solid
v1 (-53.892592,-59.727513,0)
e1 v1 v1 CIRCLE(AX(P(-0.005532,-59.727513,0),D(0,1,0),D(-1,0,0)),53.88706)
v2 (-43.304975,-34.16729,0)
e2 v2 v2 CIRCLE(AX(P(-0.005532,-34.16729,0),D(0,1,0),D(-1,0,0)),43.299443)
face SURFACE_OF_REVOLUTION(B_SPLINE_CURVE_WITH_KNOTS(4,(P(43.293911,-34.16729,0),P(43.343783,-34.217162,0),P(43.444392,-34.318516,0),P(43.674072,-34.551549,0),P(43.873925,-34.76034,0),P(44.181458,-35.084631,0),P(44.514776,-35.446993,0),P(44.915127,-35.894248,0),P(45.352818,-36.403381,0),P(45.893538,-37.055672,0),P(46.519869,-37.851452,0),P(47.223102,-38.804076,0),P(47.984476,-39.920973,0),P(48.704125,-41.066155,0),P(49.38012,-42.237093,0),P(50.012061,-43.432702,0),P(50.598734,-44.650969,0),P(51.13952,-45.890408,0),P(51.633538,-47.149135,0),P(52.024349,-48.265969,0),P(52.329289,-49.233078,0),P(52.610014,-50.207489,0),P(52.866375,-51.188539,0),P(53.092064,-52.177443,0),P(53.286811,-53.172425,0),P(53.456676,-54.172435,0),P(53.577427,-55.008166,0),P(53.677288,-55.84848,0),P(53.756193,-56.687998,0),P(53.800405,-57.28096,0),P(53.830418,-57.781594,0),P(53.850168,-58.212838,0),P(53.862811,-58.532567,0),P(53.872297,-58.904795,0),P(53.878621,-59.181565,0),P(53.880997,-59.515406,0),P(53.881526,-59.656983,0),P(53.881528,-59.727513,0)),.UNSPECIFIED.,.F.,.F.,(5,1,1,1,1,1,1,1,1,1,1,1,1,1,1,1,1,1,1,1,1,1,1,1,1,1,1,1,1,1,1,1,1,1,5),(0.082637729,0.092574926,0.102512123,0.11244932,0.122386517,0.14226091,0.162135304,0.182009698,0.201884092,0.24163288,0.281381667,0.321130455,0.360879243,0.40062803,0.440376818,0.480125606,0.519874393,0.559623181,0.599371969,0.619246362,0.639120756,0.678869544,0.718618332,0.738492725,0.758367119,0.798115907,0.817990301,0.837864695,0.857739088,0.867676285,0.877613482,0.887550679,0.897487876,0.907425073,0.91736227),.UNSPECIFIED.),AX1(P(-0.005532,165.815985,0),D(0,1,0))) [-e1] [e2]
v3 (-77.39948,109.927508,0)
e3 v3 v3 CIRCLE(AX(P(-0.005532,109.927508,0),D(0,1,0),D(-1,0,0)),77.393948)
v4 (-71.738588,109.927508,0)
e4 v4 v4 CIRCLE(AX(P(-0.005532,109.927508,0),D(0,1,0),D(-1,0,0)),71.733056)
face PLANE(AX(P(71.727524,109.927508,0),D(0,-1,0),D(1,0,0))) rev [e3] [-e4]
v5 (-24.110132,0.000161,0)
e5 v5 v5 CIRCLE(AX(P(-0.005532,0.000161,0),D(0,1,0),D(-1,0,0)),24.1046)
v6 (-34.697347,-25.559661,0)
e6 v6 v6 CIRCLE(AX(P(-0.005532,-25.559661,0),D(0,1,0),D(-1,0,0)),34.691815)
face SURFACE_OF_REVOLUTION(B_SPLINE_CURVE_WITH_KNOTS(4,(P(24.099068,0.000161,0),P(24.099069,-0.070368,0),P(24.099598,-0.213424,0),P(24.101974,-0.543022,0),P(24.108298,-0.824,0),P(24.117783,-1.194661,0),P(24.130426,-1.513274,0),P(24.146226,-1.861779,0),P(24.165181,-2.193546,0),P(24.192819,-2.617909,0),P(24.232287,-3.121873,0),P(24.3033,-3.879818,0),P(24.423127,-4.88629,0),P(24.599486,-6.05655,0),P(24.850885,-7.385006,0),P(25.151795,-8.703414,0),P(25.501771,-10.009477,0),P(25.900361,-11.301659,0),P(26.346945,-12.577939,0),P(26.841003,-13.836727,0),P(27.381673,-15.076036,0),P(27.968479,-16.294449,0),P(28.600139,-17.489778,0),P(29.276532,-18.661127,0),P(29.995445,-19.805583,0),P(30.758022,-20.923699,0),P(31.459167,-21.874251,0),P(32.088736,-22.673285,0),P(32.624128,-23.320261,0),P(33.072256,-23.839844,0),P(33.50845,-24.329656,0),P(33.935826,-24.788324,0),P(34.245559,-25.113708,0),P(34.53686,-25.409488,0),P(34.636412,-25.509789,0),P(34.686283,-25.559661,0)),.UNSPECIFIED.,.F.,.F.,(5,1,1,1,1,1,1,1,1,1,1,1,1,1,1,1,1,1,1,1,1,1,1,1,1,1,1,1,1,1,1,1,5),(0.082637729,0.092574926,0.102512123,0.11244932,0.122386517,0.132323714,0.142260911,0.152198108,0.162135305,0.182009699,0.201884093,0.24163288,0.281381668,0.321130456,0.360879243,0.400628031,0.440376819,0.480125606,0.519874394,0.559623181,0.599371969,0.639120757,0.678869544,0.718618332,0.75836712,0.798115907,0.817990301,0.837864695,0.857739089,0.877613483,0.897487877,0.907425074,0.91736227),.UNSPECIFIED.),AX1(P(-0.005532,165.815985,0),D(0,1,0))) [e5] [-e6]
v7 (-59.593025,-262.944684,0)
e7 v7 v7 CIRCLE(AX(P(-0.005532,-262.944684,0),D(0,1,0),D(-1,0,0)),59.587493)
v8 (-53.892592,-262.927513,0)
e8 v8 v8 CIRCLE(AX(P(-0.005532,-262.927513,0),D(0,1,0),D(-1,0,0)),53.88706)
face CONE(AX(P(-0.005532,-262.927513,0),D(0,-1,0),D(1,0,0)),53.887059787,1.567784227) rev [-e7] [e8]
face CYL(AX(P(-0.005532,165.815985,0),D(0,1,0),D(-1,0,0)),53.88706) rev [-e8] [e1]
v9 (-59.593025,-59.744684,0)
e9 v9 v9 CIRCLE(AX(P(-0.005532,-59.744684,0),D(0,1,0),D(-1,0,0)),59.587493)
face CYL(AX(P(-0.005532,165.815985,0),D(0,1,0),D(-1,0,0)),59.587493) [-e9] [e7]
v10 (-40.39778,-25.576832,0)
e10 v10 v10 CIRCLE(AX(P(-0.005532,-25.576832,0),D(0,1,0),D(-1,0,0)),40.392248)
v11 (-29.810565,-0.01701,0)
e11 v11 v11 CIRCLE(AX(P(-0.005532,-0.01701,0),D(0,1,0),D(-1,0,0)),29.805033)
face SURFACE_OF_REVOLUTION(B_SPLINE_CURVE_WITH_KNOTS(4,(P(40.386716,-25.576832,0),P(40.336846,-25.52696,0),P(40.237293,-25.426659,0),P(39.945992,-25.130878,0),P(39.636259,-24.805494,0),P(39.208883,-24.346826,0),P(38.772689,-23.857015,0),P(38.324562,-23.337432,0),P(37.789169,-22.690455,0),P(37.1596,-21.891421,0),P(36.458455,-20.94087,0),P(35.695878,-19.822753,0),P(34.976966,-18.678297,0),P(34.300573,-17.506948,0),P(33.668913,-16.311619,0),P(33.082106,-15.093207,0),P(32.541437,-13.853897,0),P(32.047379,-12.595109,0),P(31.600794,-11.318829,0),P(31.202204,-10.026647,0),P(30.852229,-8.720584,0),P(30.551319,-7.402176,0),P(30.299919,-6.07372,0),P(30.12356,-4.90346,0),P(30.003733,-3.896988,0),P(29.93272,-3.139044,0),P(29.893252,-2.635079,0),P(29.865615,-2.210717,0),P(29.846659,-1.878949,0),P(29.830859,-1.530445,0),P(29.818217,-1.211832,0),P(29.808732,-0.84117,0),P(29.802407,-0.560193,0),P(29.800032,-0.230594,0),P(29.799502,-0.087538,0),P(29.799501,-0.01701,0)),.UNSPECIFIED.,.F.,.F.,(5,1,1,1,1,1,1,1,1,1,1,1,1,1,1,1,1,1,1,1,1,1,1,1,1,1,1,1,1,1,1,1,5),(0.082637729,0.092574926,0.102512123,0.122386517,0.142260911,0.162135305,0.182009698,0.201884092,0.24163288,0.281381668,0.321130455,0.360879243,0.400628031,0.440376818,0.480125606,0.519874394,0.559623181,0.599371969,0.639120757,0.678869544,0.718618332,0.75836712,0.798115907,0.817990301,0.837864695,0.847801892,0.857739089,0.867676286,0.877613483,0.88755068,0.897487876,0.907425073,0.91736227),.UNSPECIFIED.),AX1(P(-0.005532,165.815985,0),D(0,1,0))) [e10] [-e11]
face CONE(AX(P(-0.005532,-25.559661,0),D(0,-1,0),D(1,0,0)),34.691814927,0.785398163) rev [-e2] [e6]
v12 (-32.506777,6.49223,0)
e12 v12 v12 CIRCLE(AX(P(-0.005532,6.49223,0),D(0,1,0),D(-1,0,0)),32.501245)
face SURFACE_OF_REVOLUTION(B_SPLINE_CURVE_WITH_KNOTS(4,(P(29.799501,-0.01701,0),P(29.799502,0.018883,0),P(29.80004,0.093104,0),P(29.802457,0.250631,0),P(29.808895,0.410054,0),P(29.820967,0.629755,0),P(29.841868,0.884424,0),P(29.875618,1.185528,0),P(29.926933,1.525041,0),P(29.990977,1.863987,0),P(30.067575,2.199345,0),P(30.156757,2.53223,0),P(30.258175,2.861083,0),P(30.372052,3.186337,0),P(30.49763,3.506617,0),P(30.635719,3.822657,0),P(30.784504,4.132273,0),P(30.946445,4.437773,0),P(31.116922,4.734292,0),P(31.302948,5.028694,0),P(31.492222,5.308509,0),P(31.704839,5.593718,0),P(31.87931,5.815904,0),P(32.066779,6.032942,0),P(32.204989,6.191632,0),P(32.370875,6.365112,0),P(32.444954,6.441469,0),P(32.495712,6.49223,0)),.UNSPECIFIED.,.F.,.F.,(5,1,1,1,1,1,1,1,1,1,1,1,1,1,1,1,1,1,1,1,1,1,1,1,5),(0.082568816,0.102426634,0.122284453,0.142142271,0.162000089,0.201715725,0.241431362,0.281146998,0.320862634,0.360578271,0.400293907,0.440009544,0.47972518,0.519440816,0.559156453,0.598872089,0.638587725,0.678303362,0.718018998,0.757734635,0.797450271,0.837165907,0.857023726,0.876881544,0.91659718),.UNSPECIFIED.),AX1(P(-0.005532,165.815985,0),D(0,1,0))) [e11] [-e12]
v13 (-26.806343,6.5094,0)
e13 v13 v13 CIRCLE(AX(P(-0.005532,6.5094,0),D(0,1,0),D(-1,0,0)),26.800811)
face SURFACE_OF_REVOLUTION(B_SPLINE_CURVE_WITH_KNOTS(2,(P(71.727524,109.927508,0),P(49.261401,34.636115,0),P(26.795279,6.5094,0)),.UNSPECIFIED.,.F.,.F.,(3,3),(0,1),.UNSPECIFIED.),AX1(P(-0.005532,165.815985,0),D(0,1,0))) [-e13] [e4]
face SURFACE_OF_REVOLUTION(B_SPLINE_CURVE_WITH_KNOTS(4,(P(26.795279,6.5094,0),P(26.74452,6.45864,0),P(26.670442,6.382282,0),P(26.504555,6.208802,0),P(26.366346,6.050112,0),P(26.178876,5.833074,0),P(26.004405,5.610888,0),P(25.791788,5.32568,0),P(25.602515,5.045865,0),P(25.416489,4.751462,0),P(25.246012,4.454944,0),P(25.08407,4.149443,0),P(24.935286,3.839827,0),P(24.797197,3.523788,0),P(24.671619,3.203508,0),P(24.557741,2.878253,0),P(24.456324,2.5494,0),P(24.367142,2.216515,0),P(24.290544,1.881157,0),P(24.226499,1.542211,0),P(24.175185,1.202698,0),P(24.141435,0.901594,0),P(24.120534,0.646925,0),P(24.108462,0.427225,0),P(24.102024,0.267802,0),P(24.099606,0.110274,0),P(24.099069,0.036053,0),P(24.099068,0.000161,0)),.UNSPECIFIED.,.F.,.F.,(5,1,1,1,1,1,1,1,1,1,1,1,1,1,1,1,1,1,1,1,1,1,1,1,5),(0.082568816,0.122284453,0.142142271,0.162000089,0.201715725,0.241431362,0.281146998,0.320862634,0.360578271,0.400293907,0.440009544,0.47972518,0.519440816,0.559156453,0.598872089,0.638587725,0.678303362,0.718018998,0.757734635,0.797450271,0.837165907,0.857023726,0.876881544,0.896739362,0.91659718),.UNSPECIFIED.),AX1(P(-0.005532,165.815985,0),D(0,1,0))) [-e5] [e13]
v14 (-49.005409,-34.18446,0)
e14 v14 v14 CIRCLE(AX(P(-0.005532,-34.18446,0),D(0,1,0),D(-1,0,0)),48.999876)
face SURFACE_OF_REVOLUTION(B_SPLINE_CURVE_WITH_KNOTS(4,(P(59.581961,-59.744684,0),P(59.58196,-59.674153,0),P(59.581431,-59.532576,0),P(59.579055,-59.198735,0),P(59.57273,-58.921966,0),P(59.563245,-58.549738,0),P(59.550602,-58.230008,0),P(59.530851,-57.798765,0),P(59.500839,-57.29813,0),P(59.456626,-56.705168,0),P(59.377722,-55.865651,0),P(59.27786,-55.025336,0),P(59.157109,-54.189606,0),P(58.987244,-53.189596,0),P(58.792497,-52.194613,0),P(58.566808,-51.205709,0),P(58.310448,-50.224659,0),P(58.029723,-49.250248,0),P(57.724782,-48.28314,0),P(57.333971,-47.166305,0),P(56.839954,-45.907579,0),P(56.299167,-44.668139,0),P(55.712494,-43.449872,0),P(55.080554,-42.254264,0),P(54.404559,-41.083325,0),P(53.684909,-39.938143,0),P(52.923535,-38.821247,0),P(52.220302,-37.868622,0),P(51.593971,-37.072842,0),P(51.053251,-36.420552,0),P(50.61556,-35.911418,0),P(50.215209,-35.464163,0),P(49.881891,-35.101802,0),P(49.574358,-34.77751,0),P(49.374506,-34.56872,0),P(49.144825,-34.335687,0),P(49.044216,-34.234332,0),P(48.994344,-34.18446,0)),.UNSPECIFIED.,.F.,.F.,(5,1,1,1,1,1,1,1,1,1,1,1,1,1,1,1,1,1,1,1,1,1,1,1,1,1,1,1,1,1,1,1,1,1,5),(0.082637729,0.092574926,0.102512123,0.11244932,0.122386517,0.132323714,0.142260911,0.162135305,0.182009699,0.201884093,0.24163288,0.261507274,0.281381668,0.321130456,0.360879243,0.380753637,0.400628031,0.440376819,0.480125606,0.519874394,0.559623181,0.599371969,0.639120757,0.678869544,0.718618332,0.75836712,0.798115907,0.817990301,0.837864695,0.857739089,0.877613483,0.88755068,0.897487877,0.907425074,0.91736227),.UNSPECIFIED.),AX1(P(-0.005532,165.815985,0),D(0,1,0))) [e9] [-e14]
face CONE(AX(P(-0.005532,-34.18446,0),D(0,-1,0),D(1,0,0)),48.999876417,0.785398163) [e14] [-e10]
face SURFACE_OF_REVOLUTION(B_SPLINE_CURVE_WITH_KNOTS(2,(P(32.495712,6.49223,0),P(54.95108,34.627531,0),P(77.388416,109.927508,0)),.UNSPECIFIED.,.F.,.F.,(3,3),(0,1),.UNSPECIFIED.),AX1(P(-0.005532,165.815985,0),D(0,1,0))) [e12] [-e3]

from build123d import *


with BuildPart() as part:
    # Sketch1 → Revolve2 (revolve)
    with BuildSketch(Plane.XY, mode=Mode.PRIVATE) as revolve2_sk:
        with BuildLine():
            Line((71.727523603, 109.92750764), (77.388416165, 109.92750764))
            add(Edge.make_bspline(
                [(32.495712479, 6.492229985), (54.951080007, 34.627531396), (77.388416165, 109.92750764)],
                knots=[0, 0, 0, 1, 1, 1], degree=2))
            add(Edge.make_bspline(
                [(29.79950115, -0.017009666), (29.799501776, 0.018882986), (29.800039607, 0.093104024), (29.802456999, 0.250631404), (29.808894844, 0.410054451), (29.820966875, 0.629754601), (29.841868363, 0.884423662), (29.875617995, 1.185527607), (29.926932581, 1.525040832), (29.990976977, 1.863987111), (30.067574877, 2.199344754), (30.156756847, 2.532229755), (30.258174689, 2.861082979), (30.372052346, 3.186337375), (30.497630047, 3.506617491), (30.635719253, 3.822657067), (30.784503576, 4.132272519), (30.946445498, 4.437773457), (31.11692178, 4.73429191), (31.302947997, 5.028694196), (31.492221546, 5.30850927), (31.70483875, 5.593717877), (31.87930965, 5.815903982), (32.066779032, 6.032941971), (32.204988524, 6.19163198), (32.370875346, 6.365112113), (32.444953537, 6.441469176), (32.495712479, 6.492229985)],
                knots=[0.082568816, 0.082568816, 0.082568816, 0.082568816, 0.082568816, 0.102426634, 0.122284453, 0.142142271, 0.162000089, 0.201715725, 0.241431362, 0.281146998, 0.320862634, 0.360578271, 0.400293907, 0.440009544, 0.47972518, 0.519440816, 0.559156453, 0.598872089, 0.638587725, 0.678303362, 0.718018998, 0.757734635, 0.797450271, 0.837165907, 0.857023726, 0.876881544, 0.91659718, 0.91659718, 0.91659718, 0.91659718, 0.91659718], degree=4))
            add(Edge.make_bspline(
                [(29.79950115, -0.017009666), (29.799502381, -0.087538311), (29.800031528, -0.230593853), (29.802407213, -0.56019258), (29.808731607, -0.84117006), (29.818216728, -1.211831735), (29.830859021, -1.530444722), (29.846659245, -1.878949267), (29.865614504, -2.210716535), (29.893252118, -2.635079064), (29.932720324, -3.139043611), (30.003732985, -3.896988339), (30.123559956, -4.903460052), (30.299919323, -6.073720425), (30.551318512, -7.40217608), (30.852228593, -8.72058418), (31.202203904, -10.026646875), (31.600794265, -11.318829264), (32.047378674, -12.595109003), (32.541436606, -13.853897152), (33.082106405, -15.093206798), (33.668912671, -16.311619464), (34.300572682, -17.506948466), (34.976965681, -18.67829743), (35.695878388, -19.822753071), (36.458455286, -20.94086975), (37.15960048, -21.891421437), (37.789169411, -22.690455158), (38.324561704, -23.337431817), (38.772689056, -23.857014696), (39.208883315, -24.346825927), (39.63625941, -24.805494071), (39.945991929, -25.130877992), (40.237293247, -25.426658729), (40.336845715, -25.526959614), (40.386716092, -25.5768318)],
                knots=[0.082637729, 0.082637729, 0.082637729, 0.082637729, 0.082637729, 0.092574926, 0.102512123, 0.11244932, 0.122386517, 0.132323714, 0.142260911, 0.152198108, 0.162135305, 0.182009699, 0.201884093, 0.24163288, 0.281381668, 0.321130456, 0.360879243, 0.400628031, 0.440376819, 0.480125606, 0.519874394, 0.559623181, 0.599371969, 0.639120757, 0.678869544, 0.718618332, 0.75836712, 0.798115907, 0.817990301, 0.837864695, 0.857739089, 0.877613483, 0.897487877, 0.907425074, 0.91736227, 0.91736227, 0.91736227, 0.91736227, 0.91736227], degree=4))
            Line((40.386716092, -25.5768318), (48.994344291, -34.184459998))
            add(Edge.make_bspline(
                [(59.581960968, -59.744683548), (59.581959736, -59.674153485), (59.581430593, -59.532576432), (59.579054743, -59.198734945), (59.572730144, -58.921965822), (59.563244656, -58.549737817), (59.550601759, -58.230007951), (59.530850931, -57.798764772), (59.500838589, -57.298130228), (59.456626426, -56.705168494), (59.377721756, -55.865650695), (59.277860165, -55.025336189), (59.157109089, -54.189605759), (58.987244125, -53.189595569), (58.792497489, -52.194613151), (58.566808422, -51.205709413), (58.310447525, -50.224659368), (58.029722641, -49.25024807), (57.724782039, -48.283139554), (57.33397113, -47.166305397), (56.839953659, -45.907578736), (56.29916705, -44.668139134), (55.712494225, -43.449871857), (55.080553527, -42.25426357), (54.404558525, -41.083325211), (53.684908815, -39.938142989), (52.923535432, -38.821246572), (52.220302354, -37.868622118), (51.593971231, -37.072842456), (51.053250974, -36.420551616), (50.615560241, -35.911417966), (50.215209482, -35.464162991), (49.881890795, -35.101801519), (49.574357917, -34.777510486), (49.374505699, -34.568719785), (49.144825365, -34.335686622), (49.044216443, -34.23433239), (48.994344291, -34.184459998)],
                knots=[0.082637729, 0.082637729, 0.082637729, 0.082637729, 0.082637729, 0.092574926, 0.102512123, 0.11244932, 0.122386517, 0.132323714, 0.142260911, 0.162135305, 0.182009699, 0.201884093, 0.24163288, 0.261507274, 0.281381668, 0.321130456, 0.360879243, 0.380753637, 0.400628031, 0.440376819, 0.480125606, 0.519874394, 0.559623181, 0.599371969, 0.639120757, 0.678869544, 0.718618332, 0.75836712, 0.798115907, 0.817990301, 0.837864695, 0.857739089, 0.877613483, 0.88755068, 0.897487877, 0.907425074, 0.91736227, 0.91736227, 0.91736227, 0.91736227, 0.91736227], degree=4))
            Line((59.581960968, -59.744683548), (59.581960968, -262.944683548))
            Line((59.581960968, -262.944683548), (53.881527661, -262.927513222))
            Line((53.881527661, -262.927513222), (53.881527661, -59.727513222))
            add(Edge.make_bspline(
                [(53.881527661, -59.727513222), (53.88152643, -59.65698316), (53.880997287, -59.515406106), (53.878621437, -59.18156462), (53.872296838, -58.904795496), (53.862811351, -58.532567491), (53.850168454, -58.212837625), (53.830417626, -57.781594446), (53.800405285, -57.280959903), (53.756193122, -56.687998169), (53.677288452, -55.848480369), (53.577426862, -55.008165864), (53.456675787, -54.172435434), (53.286810823, -53.172425243), (53.092064188, -52.177442825), (52.866375121, -51.188539087), (52.610014225, -50.207489042), (52.329289341, -49.233077744), (52.02434874, -48.265969227), (51.633537832, -47.14913507), (51.139520362, -45.890408409), (50.598733754, -44.650968807), (50.012060929, -43.432701529), (49.380120232, -42.237093242), (48.70412523, -41.066154882), (47.984475521, -39.92097266), (47.22310214, -38.804076242), (46.519869062, -37.851451788), (45.893537939, -37.055672125), (45.352817683, -36.403381285), (44.91512695, -35.894247635), (44.514776192, -35.44699266), (44.181457505, -35.084631188), (43.873924626, -34.760340154), (43.674072409, -34.551549453), (43.444392075, -34.31851629), (43.343783154, -34.217162058), (43.293911001, -34.167289665)],
                knots=[0.082637729, 0.082637729, 0.082637729, 0.082637729, 0.082637729, 0.092574926, 0.102512123, 0.11244932, 0.122386517, 0.132323714, 0.142260911, 0.162135305, 0.182009699, 0.201884093, 0.24163288, 0.261507274, 0.281381668, 0.321130456, 0.360879243, 0.380753637, 0.400628031, 0.440376819, 0.480125606, 0.519874394, 0.559623181, 0.599371969, 0.639120757, 0.678869544, 0.718618332, 0.75836712, 0.798115907, 0.817990301, 0.837864695, 0.857739089, 0.877613483, 0.88755068, 0.897487877, 0.907425074, 0.91736227, 0.91736227, 0.91736227, 0.91736227, 0.91736227], degree=4))
            Line((43.293911001, -34.167289665), (34.686282803, -25.559661467))
            add(Edge.make_bspline(
                [(24.099067874, 0.000160672), (24.099069105, -0.070367973), (24.099598252, -0.213423515), (24.101973937, -0.543022242), (24.108298331, -0.823999722), (24.117783452, -1.194661397), (24.130425744, -1.513274384), (24.146225968, -1.861778929), (24.165181227, -2.193546197), (24.19281884, -2.617908726), (24.232287047, -3.121873273), (24.303299707, -3.879818001), (24.423126678, -4.886289715), (24.599486043, -6.056550087), (24.850885233, -7.385005742), (25.151795313, -8.703413843), (25.501770623, -10.009476538), (25.900360983, -11.301658927), (26.346945391, -12.577938666), (26.841003322, -13.836726816), (27.381673121, -15.076036462), (27.968479386, -16.294449128), (28.600139397, -17.48977813), (29.276532395, -18.661127095), (29.995445101, -19.805582736), (30.758021999, -20.923699416), (31.459167192, -21.874251103), (32.088736122, -22.673284825), (32.624128416, -23.320261484), (33.072255767, -23.839844363), (33.508450026, -24.329655594), (33.935826121, -24.788323738), (34.245558639, -25.113707659), (34.536859957, -25.409488397), (34.636412425, -25.509789282), (34.686282803, -25.559661467)],
                knots=[0.082637729, 0.082637729, 0.082637729, 0.082637729, 0.082637729, 0.092574926, 0.102512123, 0.11244932, 0.122386517, 0.132323714, 0.142260911, 0.152198108, 0.162135305, 0.182009699, 0.201884093, 0.24163288, 0.281381668, 0.321130456, 0.360879243, 0.400628031, 0.440376819, 0.480125606, 0.519874394, 0.559623181, 0.599371969, 0.639120757, 0.678869544, 0.718618332, 0.75836712, 0.798115907, 0.817990301, 0.837864695, 0.857739089, 0.877613483, 0.897487877, 0.907425074, 0.91736227, 0.91736227, 0.91736227, 0.91736227, 0.91736227], degree=4))
            add(Edge.make_bspline(
                [(24.099067874, 0.000160672), (24.0990685, 0.036053324), (24.099606331, 0.110274362), (24.102023723, 0.267801742), (24.108461568, 0.427224789), (24.120533599, 0.646924939), (24.141435087, 0.901594), (24.175184719, 1.202697945), (24.226499305, 1.54221117), (24.290543701, 1.881157449), (24.367141601, 2.216515092), (24.456323571, 2.549400093), (24.557741413, 2.878253317), (24.671619071, 3.203507713), (24.797196771, 3.523787829), (24.935285977, 3.839827405), (25.084070301, 4.149442857), (25.246012222, 4.454943795), (25.416488505, 4.751462248), (25.602514721, 5.045864533), (25.79178827, 5.325679608), (26.004405474, 5.610888215), (26.178876374, 5.83307432), (26.366345756, 6.050112309), (26.504555248, 6.208802318), (26.67044207, 6.382282451), (26.744520261, 6.458639514), (26.795279203, 6.509400323)],
                knots=[0.082568816, 0.082568816, 0.082568816, 0.082568816, 0.082568816, 0.102426634, 0.122284453, 0.142142271, 0.162000089, 0.201715725, 0.241431362, 0.281146998, 0.320862634, 0.360578271, 0.400293907, 0.440009544, 0.47972518, 0.519440816, 0.559156453, 0.598872089, 0.638587725, 0.678303362, 0.718018998, 0.757734635, 0.797450271, 0.837165907, 0.857023726, 0.876881544, 0.91659718, 0.91659718, 0.91659718, 0.91659718, 0.91659718], degree=4))
            add(Edge.make_bspline(
                [(26.795279203, 6.509400323), (49.261401403, 34.636114842), (71.727523603, 109.92750764)],
                knots=[0, 0, 0, 1, 1, 1], degree=2))
        make_face()
    revolve(revolve2_sk.sketch.rotate(Axis((-0.005532126, 165.815985114, 0), (0, -1, 0)), 180), axis=Axis((-0.005532126, 165.815985114, 0), (0, -1, 0)))


solid = part.part
